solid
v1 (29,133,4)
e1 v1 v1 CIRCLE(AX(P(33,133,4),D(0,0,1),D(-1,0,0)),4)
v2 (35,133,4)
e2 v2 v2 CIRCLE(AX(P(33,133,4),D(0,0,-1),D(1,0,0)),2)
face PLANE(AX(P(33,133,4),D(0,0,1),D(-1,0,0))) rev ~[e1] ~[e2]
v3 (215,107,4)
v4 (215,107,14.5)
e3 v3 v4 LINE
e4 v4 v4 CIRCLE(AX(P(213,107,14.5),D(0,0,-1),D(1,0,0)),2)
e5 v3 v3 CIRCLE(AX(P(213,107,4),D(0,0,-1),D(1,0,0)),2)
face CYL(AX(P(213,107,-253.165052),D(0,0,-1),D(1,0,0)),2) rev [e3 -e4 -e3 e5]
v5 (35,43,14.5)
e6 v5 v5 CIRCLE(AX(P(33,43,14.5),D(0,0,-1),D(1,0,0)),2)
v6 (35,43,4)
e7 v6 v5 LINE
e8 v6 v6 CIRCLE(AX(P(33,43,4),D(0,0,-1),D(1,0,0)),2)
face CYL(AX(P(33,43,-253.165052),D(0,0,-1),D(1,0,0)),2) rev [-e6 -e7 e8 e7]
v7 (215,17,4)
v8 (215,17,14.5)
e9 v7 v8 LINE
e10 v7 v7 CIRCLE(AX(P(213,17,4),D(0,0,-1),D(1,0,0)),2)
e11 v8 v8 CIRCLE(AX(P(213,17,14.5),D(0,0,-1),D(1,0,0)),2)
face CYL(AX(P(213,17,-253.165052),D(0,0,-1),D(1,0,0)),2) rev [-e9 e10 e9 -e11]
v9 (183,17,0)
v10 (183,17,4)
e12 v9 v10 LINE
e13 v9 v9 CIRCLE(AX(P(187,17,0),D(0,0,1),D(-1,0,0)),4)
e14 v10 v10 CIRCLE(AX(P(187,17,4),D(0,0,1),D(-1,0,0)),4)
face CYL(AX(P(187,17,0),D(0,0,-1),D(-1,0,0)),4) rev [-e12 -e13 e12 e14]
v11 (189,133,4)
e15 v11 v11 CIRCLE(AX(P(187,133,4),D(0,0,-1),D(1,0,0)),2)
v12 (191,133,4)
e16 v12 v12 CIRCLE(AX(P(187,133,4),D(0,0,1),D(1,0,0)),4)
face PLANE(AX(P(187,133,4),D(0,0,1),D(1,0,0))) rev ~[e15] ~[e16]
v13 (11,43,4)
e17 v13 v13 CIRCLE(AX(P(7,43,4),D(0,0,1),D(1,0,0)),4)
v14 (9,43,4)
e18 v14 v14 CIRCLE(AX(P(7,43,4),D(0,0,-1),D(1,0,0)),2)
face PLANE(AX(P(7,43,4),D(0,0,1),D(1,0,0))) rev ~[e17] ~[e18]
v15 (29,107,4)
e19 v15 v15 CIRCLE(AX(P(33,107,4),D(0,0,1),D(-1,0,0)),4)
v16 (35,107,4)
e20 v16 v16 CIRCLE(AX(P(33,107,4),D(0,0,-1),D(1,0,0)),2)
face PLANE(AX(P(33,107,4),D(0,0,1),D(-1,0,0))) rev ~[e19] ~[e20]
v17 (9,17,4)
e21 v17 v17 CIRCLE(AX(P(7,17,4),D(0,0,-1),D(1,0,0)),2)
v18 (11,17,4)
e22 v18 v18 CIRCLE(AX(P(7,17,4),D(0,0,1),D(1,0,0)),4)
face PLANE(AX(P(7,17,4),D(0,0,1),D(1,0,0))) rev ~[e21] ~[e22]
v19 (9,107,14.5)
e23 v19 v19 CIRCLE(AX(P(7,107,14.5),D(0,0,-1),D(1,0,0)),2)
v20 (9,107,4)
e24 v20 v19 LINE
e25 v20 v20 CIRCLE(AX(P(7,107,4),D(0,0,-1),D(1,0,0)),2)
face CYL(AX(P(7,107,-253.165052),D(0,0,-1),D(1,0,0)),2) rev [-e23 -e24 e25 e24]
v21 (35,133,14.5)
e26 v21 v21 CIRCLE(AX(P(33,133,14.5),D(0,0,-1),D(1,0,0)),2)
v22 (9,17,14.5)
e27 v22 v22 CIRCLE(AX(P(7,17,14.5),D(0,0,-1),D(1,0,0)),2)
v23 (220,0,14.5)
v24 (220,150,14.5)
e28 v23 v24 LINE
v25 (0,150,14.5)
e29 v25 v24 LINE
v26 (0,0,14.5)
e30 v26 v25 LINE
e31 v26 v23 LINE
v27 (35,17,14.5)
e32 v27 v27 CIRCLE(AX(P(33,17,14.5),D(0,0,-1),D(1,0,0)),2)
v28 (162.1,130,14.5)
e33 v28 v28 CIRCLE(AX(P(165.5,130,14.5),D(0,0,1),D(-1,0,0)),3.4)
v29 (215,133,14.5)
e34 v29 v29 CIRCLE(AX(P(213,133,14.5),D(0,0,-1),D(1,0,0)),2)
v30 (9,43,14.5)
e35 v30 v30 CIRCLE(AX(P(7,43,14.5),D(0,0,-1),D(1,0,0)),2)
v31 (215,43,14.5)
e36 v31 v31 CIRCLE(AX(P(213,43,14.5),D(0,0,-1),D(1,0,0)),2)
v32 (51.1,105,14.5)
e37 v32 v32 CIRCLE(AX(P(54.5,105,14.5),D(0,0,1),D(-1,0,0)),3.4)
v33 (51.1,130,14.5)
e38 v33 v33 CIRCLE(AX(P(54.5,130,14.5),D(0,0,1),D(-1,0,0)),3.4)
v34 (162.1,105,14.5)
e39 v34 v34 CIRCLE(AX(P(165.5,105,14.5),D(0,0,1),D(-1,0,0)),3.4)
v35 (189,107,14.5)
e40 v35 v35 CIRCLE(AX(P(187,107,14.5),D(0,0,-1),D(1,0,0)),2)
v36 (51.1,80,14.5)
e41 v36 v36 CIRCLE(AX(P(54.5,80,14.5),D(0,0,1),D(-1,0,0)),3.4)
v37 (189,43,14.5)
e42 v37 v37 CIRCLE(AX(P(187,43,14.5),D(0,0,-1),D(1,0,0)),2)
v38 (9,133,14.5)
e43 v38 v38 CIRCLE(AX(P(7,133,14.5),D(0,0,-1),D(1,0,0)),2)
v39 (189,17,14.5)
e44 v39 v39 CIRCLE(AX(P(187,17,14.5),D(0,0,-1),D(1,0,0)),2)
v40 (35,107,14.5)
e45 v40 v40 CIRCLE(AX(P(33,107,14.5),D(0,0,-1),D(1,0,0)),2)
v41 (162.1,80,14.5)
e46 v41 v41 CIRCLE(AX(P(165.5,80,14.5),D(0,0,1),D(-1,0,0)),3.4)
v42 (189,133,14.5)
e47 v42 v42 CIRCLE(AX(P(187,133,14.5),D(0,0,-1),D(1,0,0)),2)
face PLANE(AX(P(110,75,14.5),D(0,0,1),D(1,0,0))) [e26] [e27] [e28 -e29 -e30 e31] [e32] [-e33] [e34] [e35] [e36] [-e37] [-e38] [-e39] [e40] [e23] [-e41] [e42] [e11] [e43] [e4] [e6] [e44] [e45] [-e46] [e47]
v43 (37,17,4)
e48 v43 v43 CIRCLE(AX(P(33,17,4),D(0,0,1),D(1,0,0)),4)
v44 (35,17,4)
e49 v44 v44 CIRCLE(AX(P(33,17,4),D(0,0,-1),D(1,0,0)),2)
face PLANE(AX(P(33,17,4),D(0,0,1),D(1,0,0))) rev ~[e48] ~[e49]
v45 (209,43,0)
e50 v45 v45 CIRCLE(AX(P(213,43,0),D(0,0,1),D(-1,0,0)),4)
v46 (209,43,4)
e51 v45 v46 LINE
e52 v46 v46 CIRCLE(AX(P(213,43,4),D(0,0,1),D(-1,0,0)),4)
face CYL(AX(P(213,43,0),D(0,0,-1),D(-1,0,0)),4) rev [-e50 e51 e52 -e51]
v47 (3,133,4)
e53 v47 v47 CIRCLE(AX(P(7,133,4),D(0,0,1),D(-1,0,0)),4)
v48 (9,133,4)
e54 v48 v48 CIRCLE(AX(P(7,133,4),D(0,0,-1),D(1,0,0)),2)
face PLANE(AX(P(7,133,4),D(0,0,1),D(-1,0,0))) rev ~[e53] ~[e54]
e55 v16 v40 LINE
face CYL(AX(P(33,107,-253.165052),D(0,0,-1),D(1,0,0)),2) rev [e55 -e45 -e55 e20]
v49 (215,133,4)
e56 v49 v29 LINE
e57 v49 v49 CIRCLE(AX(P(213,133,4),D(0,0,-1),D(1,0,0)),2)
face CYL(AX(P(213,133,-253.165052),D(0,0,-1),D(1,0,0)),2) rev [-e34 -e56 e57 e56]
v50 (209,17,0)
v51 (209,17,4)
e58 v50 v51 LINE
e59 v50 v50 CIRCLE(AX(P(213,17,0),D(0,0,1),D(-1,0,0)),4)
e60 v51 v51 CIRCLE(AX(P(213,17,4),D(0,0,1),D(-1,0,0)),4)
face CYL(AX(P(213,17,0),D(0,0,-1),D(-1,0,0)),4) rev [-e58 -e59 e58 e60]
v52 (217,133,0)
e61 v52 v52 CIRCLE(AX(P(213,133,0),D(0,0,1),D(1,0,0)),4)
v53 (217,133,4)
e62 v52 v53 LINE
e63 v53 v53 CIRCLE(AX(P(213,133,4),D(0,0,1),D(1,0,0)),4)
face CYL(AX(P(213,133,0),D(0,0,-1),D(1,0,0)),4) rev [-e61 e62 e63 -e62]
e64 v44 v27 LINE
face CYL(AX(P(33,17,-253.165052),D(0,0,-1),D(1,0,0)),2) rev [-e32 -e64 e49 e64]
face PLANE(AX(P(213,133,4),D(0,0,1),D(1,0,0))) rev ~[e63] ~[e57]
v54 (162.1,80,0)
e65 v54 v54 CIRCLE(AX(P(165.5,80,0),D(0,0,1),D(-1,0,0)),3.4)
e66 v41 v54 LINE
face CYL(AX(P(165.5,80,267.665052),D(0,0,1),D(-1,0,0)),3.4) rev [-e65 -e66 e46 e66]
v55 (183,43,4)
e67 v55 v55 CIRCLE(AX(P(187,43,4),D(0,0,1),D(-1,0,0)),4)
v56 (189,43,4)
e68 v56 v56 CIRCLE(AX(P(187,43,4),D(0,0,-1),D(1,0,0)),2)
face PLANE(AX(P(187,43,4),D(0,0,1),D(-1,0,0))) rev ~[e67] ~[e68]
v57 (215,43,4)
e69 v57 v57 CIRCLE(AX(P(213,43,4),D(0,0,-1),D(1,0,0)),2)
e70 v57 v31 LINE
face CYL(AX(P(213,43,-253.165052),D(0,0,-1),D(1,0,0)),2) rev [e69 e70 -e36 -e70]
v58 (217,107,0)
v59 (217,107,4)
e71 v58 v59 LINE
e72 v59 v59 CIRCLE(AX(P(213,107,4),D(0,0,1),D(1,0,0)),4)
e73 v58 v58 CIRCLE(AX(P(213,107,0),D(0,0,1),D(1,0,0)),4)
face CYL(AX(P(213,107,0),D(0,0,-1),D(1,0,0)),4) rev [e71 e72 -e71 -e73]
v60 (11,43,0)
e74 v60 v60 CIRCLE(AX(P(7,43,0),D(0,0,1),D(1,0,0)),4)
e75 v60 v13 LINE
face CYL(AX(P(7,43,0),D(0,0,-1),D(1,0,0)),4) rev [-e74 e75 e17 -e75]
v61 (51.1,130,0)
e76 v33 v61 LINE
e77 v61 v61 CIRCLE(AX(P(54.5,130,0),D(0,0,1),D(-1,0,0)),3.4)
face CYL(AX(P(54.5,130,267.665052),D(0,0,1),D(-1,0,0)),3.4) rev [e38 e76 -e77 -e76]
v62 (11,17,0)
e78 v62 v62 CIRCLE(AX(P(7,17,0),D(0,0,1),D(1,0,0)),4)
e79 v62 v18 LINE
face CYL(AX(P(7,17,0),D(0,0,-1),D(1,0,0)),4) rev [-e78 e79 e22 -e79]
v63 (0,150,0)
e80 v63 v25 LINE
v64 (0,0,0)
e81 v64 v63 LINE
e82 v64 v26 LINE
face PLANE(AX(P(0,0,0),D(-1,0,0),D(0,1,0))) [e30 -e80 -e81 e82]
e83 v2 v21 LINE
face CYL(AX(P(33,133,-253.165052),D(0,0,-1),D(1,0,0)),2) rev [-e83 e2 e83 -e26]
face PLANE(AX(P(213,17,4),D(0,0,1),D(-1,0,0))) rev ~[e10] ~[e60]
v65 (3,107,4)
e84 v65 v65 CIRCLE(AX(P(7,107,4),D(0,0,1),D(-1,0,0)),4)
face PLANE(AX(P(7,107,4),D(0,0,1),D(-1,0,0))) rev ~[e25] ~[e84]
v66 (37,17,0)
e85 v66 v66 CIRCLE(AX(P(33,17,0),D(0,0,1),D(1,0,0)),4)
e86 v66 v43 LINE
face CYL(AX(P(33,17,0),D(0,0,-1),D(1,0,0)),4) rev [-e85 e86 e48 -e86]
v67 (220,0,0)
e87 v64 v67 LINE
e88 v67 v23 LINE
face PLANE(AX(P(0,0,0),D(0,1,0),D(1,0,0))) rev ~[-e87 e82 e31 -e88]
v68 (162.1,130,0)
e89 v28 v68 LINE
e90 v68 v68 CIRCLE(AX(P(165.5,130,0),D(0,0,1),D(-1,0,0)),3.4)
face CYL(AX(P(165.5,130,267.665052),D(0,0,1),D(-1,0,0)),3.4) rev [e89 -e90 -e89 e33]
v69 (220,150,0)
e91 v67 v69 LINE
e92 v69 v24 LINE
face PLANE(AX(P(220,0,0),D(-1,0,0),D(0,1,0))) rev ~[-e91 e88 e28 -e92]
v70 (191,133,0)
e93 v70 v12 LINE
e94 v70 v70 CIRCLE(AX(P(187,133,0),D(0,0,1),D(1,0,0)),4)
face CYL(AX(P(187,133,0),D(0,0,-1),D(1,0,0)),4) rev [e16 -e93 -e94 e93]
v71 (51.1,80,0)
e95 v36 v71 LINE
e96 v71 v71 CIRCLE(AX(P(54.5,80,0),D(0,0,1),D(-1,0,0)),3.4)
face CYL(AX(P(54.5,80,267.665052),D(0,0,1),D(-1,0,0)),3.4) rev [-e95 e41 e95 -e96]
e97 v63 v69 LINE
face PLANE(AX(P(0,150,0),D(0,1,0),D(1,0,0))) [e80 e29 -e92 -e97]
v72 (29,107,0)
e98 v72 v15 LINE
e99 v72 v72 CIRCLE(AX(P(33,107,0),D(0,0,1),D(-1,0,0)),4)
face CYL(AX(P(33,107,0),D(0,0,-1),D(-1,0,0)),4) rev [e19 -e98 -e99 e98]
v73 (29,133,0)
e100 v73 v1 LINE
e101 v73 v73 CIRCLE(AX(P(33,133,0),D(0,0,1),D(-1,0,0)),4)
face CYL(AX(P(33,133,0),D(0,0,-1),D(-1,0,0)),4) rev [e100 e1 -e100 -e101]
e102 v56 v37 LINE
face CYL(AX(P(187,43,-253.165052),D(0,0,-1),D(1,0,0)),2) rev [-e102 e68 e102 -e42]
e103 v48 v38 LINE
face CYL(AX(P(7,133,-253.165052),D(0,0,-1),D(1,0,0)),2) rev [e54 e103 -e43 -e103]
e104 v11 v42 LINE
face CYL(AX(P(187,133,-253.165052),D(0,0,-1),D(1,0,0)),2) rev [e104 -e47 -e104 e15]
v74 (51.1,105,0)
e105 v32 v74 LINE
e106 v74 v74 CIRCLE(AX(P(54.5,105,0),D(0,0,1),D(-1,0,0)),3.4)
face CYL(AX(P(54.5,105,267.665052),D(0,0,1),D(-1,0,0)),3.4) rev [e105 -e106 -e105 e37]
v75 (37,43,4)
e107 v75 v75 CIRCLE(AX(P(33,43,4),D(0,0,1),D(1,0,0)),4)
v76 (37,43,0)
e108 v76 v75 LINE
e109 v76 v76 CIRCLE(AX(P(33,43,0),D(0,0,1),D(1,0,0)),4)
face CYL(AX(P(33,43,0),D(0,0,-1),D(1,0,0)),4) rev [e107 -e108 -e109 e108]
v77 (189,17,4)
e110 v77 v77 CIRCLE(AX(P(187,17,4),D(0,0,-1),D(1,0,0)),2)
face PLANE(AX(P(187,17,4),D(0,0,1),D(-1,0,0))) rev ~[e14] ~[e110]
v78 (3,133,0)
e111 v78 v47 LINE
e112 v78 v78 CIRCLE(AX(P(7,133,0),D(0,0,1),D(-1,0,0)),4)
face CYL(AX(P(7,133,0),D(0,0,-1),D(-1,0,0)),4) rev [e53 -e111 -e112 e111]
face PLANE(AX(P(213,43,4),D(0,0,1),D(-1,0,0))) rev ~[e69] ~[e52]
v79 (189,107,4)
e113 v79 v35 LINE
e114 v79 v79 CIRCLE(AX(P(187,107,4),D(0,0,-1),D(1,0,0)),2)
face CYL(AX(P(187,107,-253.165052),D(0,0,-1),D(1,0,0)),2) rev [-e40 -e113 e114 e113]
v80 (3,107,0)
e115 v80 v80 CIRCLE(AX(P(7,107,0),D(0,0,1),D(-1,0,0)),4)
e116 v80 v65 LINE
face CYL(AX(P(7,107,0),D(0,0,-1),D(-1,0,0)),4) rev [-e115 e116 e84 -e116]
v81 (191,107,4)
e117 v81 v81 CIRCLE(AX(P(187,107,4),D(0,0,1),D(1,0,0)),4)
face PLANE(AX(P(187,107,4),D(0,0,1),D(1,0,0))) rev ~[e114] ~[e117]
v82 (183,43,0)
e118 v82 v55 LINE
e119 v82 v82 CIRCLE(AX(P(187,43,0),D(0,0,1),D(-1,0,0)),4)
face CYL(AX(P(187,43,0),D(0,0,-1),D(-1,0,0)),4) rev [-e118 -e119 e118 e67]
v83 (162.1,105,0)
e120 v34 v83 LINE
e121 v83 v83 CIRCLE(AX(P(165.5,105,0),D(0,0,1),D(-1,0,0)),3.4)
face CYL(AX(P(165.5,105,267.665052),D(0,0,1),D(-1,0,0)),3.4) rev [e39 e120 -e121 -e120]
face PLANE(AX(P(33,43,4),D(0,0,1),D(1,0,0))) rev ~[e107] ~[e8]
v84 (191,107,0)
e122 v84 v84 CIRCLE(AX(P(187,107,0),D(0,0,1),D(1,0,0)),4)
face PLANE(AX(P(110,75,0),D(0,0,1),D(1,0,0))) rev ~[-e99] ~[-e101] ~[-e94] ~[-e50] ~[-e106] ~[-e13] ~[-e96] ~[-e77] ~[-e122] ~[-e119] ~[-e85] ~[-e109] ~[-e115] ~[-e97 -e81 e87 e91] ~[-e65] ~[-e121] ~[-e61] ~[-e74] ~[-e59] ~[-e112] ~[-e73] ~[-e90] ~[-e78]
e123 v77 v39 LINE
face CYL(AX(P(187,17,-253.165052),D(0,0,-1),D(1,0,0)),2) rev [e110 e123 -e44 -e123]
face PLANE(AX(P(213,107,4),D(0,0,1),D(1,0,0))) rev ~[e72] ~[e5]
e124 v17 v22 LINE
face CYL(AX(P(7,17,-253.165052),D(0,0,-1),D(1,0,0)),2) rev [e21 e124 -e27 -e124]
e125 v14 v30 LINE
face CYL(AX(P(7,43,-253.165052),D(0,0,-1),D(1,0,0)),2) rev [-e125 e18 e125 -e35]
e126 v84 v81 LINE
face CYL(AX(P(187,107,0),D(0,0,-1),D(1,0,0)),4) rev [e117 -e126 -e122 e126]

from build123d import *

# Parameters (mm, degrees)
ESQUISSE1_W                  = 220
ESQUISSE1_H                  = 150
BOSS_EXTRU_1_DEPTH           = 14.5
ENL_V_MAT_EXTRU_1_DEPTH      = 267.665052078
ENL_V_MAT_EXTRU_1_DEPTH_BACK = 267.665052078
ESQUISSE2_R                  = 2
ESQUISSE3_R                  = 4
ENL_V_MAT_EXTRU_2_DEPTH      = 4
ENL_V_MAT_EXTRU_3_DEPTH      = 267.665052078
ENL_V_MAT_EXTRU_3_DEPTH_BACK = 267.665052078
ESQUISSE4_R                  = 3.4


with BuildPart() as part:
    # Esquisse1 → Boss.-Extru.1 (new body)
    with BuildSketch(Plane.XY):
        with Locations((110, 75)):
            Rectangle(ESQUISSE1_W, ESQUISSE1_H)
    extrude(amount=BOSS_EXTRU_1_DEPTH)

    # Esquisse2 → Enlèv. mat.-Extru.1 (cut, two sides: drawn at the far end of the back side and taken through both)
    with BuildSketch(Plane.XY.offset(14.5).offset(-ENL_V_MAT_EXTRU_1_DEPTH_BACK)):
        with Locations((33, 43)):
            Circle(ESQUISSE2_R)
        with Locations((33, 17)):
            Circle(ESQUISSE2_R)
        with Locations((7, 17)):
            Circle(ESQUISSE2_R)
        with Locations((7, 43)):
            Circle(ESQUISSE2_R)
        with Locations((213, 43)):
            Circle(ESQUISSE2_R)
        with Locations((213, 17)):
            Circle(ESQUISSE2_R)
        with Locations((187, 17)):
            Circle(ESQUISSE2_R)
        with Locations((187, 43)):
            Circle(ESQUISSE2_R)
        with Locations((187, 107)):
            Circle(ESQUISSE2_R)
        with Locations((187, 133)):
            Circle(ESQUISSE2_R)
        with Locations((213, 133)):
            Circle(ESQUISSE2_R)
        with Locations((213, 107)):
            Circle(ESQUISSE2_R)
        with Locations((7, 107)):
            Circle(ESQUISSE2_R)
        with Locations((7, 133)):
            Circle(ESQUISSE2_R)
        with Locations((33, 133)):
            Circle(ESQUISSE2_R)
        with Locations((33, 107)):
            Circle(ESQUISSE2_R)
    extrude(amount=ENL_V_MAT_EXTRU_1_DEPTH + ENL_V_MAT_EXTRU_1_DEPTH_BACK, mode=Mode.SUBTRACT)

    # Esquisse3 → Enlèv. mat.-Extru.2 (cut)
    with BuildSketch(Plane.XY):
        with Locations((7, 17)):
            Circle(ESQUISSE3_R)
        with Locations((33, 17)):
            Circle(ESQUISSE3_R)
        with Locations((33, 43)):
            Circle(ESQUISSE3_R)
        with Locations((7, 43)):
            Circle(ESQUISSE3_R)
        with Locations(Location((213, 43, 0), (0, 0, 180))):
            Circle(ESQUISSE3_R)
        with Locations(Location((187, 43, 0), (0, 0, 180))):
            Circle(ESQUISSE3_R)
        with Locations(Location((187, 17, 0), (0, 0, 180))):
            Circle(ESQUISSE3_R)
        with Locations(Location((213, 17, 0), (0, 0, 180))):
            Circle(ESQUISSE3_R)
        with Locations((213, 133)):
            Circle(ESQUISSE3_R)
        with Locations((187, 133)):
            Circle(ESQUISSE3_R)
        with Locations((187, 107)):
            Circle(ESQUISSE3_R)
        with Locations((213, 107)):
            Circle(ESQUISSE3_R)
        with Locations(Location((7, 107, 0), (0, 0, 180))):
            Circle(ESQUISSE3_R)
        with Locations(Location((33, 107, 0), (0, 0, 180))):
            Circle(ESQUISSE3_R)
        with Locations(Location((33, 133, 0), (0, 0, 180))):
            Circle(ESQUISSE3_R)
        with Locations(Location((7, 133, 0), (0, 0, 180))):
            Circle(ESQUISSE3_R)
    extrude(amount=ENL_V_MAT_EXTRU_2_DEPTH, mode=Mode.SUBTRACT)

    # Esquisse4 → Enlèv. mat.-Extru.3 (cut, two sides: drawn at the far end of the back side and taken through both)
    with BuildSketch(Plane(origin=(0, 0, 0), x_dir=(-1, 0, 0), z_dir=(0, 0, -1)).offset(-ENL_V_MAT_EXTRU_3_DEPTH_BACK)):
        with Locations((-165.5, 130)):
            Circle(ESQUISSE4_R)
        with Locations((-165.5, 105)):
            Circle(ESQUISSE4_R)
        with Locations((-165.5, 80)):
            Circle(ESQUISSE4_R)
        with Locations((-54.5, 80)):
            Circle(ESQUISSE4_R)
        with Locations((-54.5, 105)):
            Circle(ESQUISSE4_R)
        with Locations((-54.5, 130)):
            Circle(ESQUISSE4_R)
    extrude(amount=ENL_V_MAT_EXTRU_3_DEPTH + ENL_V_MAT_EXTRU_3_DEPTH_BACK, mode=Mode.SUBTRACT)


solid = part.part
